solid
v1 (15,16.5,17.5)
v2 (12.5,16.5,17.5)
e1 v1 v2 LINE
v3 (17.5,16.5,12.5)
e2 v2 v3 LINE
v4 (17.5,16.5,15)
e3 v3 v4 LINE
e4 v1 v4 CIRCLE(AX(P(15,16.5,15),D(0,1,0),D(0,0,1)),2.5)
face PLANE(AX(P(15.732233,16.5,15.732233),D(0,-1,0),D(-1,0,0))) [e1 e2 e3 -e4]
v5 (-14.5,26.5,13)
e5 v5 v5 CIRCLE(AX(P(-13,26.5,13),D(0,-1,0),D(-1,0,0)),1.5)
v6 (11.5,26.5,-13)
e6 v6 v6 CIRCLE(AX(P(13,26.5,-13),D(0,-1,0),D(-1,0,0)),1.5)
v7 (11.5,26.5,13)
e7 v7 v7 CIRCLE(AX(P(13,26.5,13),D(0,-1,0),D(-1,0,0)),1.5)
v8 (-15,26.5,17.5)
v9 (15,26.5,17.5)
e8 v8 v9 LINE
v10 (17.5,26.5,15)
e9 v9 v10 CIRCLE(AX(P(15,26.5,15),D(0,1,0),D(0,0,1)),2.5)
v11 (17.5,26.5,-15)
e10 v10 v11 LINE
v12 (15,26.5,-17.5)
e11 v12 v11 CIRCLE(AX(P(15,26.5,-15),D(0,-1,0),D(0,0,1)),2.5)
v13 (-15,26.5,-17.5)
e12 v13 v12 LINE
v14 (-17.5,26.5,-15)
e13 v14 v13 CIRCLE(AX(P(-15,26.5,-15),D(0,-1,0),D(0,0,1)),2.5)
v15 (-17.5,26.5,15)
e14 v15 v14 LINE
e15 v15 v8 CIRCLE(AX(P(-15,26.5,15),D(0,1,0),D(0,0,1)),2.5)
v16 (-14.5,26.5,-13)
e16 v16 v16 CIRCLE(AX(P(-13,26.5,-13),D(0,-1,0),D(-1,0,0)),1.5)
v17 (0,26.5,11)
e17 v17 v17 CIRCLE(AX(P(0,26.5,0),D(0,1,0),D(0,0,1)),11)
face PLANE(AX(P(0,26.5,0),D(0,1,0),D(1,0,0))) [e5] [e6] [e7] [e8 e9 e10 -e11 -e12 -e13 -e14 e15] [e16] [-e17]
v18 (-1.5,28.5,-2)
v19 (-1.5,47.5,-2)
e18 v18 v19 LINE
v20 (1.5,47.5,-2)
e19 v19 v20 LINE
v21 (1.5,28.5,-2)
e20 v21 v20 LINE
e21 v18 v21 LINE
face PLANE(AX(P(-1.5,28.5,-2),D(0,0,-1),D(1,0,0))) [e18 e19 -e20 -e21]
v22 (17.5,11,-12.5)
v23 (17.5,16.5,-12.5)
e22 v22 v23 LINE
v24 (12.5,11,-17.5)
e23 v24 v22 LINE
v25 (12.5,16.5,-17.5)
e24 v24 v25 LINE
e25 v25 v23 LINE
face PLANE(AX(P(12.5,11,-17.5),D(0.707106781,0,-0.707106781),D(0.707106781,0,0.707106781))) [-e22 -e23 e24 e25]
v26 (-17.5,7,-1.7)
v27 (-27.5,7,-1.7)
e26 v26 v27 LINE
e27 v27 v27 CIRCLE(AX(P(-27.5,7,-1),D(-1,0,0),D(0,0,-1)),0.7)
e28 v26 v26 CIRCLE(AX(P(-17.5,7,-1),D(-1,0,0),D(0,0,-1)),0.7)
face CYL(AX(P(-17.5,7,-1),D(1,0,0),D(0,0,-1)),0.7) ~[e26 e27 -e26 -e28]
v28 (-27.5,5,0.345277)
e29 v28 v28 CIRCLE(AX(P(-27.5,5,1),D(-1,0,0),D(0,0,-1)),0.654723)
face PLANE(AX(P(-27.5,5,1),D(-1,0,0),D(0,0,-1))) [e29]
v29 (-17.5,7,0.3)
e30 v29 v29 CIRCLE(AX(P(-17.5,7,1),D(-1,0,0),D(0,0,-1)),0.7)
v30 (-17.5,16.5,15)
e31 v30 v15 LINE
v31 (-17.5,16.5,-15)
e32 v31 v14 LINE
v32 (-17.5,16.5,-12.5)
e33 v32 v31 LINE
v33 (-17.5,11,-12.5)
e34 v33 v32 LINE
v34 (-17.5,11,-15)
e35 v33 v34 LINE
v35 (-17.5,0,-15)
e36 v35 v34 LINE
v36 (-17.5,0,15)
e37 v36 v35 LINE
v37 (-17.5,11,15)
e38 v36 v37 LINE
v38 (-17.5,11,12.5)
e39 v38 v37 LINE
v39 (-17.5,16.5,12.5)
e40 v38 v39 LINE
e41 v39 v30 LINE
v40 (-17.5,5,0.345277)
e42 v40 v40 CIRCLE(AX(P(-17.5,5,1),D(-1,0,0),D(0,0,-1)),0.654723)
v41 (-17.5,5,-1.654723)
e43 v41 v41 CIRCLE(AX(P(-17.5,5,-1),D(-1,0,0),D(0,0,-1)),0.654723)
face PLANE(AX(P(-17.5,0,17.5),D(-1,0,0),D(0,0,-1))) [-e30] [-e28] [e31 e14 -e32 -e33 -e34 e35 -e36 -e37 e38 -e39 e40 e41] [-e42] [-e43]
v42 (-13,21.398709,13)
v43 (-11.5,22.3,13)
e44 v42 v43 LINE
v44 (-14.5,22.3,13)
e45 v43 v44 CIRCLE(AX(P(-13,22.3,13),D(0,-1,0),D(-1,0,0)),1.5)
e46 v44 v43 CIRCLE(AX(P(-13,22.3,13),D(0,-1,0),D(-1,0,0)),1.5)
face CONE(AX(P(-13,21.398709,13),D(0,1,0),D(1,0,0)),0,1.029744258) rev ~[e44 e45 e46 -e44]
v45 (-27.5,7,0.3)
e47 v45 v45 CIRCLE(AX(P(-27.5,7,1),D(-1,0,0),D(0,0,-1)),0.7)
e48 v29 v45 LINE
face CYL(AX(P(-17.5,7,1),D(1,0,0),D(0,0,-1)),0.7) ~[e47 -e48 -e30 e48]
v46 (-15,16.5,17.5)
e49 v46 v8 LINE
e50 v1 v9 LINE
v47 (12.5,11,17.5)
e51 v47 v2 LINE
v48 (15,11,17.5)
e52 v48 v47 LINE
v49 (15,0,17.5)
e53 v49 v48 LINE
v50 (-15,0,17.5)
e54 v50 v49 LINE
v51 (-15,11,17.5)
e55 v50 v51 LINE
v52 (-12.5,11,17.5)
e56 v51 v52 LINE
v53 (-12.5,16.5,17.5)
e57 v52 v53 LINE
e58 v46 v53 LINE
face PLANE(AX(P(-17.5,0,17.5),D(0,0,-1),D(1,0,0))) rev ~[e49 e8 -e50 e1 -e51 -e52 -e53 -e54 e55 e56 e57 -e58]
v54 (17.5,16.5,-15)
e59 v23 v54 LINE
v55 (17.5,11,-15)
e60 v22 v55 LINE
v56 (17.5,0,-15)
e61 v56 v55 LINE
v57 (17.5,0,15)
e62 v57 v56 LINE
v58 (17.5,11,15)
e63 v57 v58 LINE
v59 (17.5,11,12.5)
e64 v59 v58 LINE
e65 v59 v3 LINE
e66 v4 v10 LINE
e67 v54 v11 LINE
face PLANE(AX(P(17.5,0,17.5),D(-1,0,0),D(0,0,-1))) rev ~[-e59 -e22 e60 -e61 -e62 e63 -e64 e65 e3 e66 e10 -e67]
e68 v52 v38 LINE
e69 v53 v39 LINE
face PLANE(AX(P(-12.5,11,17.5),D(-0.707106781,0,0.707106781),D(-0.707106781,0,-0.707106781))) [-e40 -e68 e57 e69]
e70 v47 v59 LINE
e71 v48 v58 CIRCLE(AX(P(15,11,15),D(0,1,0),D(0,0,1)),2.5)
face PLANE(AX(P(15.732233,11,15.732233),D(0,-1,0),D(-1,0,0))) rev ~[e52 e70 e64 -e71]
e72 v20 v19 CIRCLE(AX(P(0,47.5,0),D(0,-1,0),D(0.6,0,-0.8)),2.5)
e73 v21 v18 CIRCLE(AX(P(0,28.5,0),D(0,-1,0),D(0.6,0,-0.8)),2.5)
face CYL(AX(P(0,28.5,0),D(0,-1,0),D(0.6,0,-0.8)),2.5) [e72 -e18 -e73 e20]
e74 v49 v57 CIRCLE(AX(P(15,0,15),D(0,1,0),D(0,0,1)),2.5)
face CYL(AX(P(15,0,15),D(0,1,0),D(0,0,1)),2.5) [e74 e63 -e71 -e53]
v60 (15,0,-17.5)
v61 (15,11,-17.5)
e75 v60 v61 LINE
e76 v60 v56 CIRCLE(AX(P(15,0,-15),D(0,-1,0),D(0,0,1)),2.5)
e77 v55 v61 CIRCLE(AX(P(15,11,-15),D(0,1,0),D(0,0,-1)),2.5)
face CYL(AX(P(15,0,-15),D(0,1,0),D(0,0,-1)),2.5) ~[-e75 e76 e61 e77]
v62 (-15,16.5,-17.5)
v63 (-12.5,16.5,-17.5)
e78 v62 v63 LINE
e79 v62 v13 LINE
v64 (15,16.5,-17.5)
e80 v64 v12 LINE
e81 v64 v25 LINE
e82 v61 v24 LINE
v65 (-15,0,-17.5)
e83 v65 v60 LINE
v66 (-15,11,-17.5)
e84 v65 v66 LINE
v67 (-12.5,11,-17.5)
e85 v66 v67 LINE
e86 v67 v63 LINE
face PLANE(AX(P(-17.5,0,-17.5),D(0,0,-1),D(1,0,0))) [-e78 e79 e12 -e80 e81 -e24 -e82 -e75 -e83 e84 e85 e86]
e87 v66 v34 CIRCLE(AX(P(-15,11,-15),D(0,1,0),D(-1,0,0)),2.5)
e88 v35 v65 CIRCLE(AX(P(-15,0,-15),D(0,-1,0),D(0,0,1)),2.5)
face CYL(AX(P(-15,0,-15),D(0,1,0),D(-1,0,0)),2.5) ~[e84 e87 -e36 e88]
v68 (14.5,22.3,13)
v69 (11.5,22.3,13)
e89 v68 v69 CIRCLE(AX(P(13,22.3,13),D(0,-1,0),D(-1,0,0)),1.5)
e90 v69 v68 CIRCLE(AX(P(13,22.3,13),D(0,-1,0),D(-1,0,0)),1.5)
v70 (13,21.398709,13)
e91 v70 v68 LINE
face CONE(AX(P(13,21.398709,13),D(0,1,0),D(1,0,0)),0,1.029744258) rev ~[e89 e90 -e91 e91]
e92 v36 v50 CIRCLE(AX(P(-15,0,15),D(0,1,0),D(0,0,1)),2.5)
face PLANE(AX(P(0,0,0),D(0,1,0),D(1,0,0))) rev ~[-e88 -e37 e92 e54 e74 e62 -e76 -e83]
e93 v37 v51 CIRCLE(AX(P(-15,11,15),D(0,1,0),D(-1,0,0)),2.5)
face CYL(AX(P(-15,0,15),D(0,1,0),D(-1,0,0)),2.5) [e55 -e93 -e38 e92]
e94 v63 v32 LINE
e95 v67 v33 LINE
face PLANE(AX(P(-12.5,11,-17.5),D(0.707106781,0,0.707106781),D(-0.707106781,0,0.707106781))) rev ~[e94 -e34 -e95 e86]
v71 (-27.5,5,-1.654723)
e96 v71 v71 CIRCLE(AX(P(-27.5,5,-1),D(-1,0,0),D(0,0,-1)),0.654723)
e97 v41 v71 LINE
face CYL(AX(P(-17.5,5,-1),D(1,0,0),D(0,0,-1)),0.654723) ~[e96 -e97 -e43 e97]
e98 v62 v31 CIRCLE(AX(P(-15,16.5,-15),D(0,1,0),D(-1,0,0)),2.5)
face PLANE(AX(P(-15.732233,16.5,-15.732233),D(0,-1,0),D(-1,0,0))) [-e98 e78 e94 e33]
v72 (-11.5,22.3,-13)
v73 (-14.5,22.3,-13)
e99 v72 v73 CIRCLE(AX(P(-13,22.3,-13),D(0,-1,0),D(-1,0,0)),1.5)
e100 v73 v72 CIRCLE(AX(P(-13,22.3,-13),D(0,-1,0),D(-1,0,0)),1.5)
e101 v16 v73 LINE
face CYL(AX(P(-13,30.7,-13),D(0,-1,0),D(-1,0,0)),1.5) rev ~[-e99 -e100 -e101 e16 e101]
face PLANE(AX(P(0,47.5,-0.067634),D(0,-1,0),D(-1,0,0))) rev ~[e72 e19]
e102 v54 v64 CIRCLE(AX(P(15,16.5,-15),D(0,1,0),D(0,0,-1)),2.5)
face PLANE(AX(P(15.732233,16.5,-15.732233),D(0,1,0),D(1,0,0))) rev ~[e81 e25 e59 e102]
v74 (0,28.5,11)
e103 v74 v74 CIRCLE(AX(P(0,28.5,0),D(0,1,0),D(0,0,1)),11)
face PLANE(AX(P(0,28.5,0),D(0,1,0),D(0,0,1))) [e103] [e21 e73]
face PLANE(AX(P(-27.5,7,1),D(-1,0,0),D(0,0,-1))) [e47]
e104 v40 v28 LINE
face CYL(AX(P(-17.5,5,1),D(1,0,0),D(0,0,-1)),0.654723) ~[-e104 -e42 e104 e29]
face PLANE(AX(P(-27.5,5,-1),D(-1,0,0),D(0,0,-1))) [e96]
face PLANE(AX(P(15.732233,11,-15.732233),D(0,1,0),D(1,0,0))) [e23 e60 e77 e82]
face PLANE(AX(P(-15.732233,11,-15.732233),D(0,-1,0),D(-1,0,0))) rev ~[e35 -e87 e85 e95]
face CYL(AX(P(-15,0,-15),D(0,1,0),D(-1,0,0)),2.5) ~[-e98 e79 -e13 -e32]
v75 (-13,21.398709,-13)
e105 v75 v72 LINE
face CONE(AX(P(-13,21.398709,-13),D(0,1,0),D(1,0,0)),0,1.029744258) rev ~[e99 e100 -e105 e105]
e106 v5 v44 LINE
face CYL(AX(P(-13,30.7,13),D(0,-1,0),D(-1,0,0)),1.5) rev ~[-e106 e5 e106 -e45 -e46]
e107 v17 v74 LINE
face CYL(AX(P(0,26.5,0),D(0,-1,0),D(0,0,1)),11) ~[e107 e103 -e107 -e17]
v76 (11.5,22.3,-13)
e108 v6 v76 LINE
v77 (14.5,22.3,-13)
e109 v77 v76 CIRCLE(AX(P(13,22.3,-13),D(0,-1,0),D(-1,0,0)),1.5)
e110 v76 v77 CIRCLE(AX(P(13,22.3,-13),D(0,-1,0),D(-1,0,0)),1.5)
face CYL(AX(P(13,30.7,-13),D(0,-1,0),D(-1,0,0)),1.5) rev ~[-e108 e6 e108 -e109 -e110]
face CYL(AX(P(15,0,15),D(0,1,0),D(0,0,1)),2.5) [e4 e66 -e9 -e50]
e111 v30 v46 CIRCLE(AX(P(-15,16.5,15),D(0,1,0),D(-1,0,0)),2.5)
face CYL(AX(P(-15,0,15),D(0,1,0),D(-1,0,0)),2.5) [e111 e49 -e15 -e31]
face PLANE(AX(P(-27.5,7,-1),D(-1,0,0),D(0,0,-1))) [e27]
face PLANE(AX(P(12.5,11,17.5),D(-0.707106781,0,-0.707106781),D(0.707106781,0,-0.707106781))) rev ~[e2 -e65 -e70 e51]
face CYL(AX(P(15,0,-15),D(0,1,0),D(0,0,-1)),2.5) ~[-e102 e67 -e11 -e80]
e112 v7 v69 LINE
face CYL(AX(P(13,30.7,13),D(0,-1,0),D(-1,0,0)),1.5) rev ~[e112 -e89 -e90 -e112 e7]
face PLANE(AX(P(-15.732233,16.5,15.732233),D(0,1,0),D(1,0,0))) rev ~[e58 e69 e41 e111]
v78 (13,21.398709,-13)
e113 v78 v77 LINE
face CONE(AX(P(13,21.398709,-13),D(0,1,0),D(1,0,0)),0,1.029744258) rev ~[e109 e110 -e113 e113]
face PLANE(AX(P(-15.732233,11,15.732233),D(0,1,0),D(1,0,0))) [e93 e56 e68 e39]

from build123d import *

# Parameters (mm, degrees)
ESQUISSE1_W                       = 35
ESQUISSE1_H                       = 35
BOSS_EXTRU_1_DEPTH                = 26.5
ESQUISSE2_R                       = 11
BOSS_EXTRU_2_DEPTH                = 2
BOSS_EXTRU_3_DEPTH                = 19
DIAM_TRE_DU_PER_AGE_3_0_3_1_D     = 3
DIAM_TRE_DU_PER_AGE_3_0_3_1_DEPTH = 4.2
DIAM_TRE_DU_PER_AGE_3_0_3_1_TIP   = 0.901290929
CONG_1_R                          = 2.5
ENL_V_START                       = 11
ENL_V_MAT_EXTRU_1_DEPTH           = 5.5
ESQUISSE5_R                       = 0.7
ESQUISSE5_R_2                     = 0.654723083
BOSS_EXTRU_4_DEPTH                = 10


with BuildPart() as part:
    # Esquisse1 → Boss.-Extru.1 (new body)
    with BuildSketch(Plane(origin=(0, 0, 0), x_dir=(1, 0, 0), z_dir=(0, 1, 0))):
        Rectangle(ESQUISSE1_W, ESQUISSE1_H)
    extrude(amount=BOSS_EXTRU_1_DEPTH)

    # Esquisse2 → Boss.-Extru.2 (add)
    with BuildSketch(Plane(origin=(0, 26.5, 0), x_dir=(1, 0, 0), z_dir=(0, 1, 0))):
        with Locations(Location((0, 0, 0), (0, 0, 270))):
            Circle(ESQUISSE2_R)
    extrude(amount=BOSS_EXTRU_2_DEPTH)

    # Esquisse3 → Boss.-Extru.3 (add)
    with BuildSketch(Plane(origin=(0, 28.5, 0), x_dir=(1, 0, 0), z_dir=(0, 1, 0))):
        with BuildLine():
            Line((-1.5, 2), (1.5, 2))
            ThreePointArc((1.5, 2), (0, -2.5), (-1.5, 2))
        make_face()
    extrude(amount=BOSS_EXTRU_3_DEPTH)

    # Diamètre du perçage Ø3.0 (3)1
    with Locations(Plane(origin=(0, 26.5, 0), x_dir=(1, 0, 0), z_dir=(0, 1, 0))):
        with Locations((-13, 13), (13, 13), (13, -13), (-13, -13)):
            Hole(DIAM_TRE_DU_PER_AGE_3_0_3_1_D / 2, depth=DIAM_TRE_DU_PER_AGE_3_0_3_1_DEPTH)
            with Locations((0, 0, -(DIAM_TRE_DU_PER_AGE_3_0_3_1_DEPTH + DIAM_TRE_DU_PER_AGE_3_0_3_1_TIP / 2))):  # 118° drill point
                Cone(0, DIAM_TRE_DU_PER_AGE_3_0_3_1_D / 2, DIAM_TRE_DU_PER_AGE_3_0_3_1_TIP, mode=Mode.SUBTRACT)

    # Congé1
    cong_1_edges = [part.edges().sort_by_distance(p)[0] for p in [
        (-17.5, 13.25, -17.5),
        (17.5, 13.25, -17.5),
        (17.5, 13.25, 17.5),
        (-17.5, 13.25, 17.5),
    ]]
    fillet(cong_1_edges, radius=CONG_1_R)

    # Esquisse4 → Enlèv. mat.-Extru.1 (cut)
    with BuildSketch(Plane(origin=(0, 0, 0), x_dir=(1, 0, 0), z_dir=(0, 1, 0)).offset(ENL_V_START)):
        Polygon((-12.5, 17.5), (-17.5, 12.5), (-17.5, 17.5), align=None)
        Polygon((17.5, 17.5), (12.5, 17.5), (17.5, 12.5), align=None)
        Polygon((12.5, -17.5), (17.5, -12.5), (17.5, -17.5), align=None)
        Polygon((-17.5, -17.5), (-12.5, -17.5), (-17.5, -12.5), align=None)
    extrude(amount=ENL_V_MAT_EXTRU_1_DEPTH, mode=Mode.SUBTRACT)

    # Esquisse5 → Boss.-Extru.4 (add)
    with BuildSketch(Plane.ZY.offset(17.5)):
        with Locations(Location((-1, 7, 0), (0, 0, 180))):
            Circle(ESQUISSE5_R)
        with Locations(Location((-1, 5, 0), (0, 0, 180))):
            Circle(ESQUISSE5_R_2)
        with Locations(Location((1, 5, 0), (0, 0, 180))):
            Circle(ESQUISSE5_R_2)
        with Locations(Location((1, 7, 0), (0, 0, 180))):
            Circle(ESQUISSE5_R)
    extrude(amount=BOSS_EXTRU_4_DEPTH)


solid = part.part
